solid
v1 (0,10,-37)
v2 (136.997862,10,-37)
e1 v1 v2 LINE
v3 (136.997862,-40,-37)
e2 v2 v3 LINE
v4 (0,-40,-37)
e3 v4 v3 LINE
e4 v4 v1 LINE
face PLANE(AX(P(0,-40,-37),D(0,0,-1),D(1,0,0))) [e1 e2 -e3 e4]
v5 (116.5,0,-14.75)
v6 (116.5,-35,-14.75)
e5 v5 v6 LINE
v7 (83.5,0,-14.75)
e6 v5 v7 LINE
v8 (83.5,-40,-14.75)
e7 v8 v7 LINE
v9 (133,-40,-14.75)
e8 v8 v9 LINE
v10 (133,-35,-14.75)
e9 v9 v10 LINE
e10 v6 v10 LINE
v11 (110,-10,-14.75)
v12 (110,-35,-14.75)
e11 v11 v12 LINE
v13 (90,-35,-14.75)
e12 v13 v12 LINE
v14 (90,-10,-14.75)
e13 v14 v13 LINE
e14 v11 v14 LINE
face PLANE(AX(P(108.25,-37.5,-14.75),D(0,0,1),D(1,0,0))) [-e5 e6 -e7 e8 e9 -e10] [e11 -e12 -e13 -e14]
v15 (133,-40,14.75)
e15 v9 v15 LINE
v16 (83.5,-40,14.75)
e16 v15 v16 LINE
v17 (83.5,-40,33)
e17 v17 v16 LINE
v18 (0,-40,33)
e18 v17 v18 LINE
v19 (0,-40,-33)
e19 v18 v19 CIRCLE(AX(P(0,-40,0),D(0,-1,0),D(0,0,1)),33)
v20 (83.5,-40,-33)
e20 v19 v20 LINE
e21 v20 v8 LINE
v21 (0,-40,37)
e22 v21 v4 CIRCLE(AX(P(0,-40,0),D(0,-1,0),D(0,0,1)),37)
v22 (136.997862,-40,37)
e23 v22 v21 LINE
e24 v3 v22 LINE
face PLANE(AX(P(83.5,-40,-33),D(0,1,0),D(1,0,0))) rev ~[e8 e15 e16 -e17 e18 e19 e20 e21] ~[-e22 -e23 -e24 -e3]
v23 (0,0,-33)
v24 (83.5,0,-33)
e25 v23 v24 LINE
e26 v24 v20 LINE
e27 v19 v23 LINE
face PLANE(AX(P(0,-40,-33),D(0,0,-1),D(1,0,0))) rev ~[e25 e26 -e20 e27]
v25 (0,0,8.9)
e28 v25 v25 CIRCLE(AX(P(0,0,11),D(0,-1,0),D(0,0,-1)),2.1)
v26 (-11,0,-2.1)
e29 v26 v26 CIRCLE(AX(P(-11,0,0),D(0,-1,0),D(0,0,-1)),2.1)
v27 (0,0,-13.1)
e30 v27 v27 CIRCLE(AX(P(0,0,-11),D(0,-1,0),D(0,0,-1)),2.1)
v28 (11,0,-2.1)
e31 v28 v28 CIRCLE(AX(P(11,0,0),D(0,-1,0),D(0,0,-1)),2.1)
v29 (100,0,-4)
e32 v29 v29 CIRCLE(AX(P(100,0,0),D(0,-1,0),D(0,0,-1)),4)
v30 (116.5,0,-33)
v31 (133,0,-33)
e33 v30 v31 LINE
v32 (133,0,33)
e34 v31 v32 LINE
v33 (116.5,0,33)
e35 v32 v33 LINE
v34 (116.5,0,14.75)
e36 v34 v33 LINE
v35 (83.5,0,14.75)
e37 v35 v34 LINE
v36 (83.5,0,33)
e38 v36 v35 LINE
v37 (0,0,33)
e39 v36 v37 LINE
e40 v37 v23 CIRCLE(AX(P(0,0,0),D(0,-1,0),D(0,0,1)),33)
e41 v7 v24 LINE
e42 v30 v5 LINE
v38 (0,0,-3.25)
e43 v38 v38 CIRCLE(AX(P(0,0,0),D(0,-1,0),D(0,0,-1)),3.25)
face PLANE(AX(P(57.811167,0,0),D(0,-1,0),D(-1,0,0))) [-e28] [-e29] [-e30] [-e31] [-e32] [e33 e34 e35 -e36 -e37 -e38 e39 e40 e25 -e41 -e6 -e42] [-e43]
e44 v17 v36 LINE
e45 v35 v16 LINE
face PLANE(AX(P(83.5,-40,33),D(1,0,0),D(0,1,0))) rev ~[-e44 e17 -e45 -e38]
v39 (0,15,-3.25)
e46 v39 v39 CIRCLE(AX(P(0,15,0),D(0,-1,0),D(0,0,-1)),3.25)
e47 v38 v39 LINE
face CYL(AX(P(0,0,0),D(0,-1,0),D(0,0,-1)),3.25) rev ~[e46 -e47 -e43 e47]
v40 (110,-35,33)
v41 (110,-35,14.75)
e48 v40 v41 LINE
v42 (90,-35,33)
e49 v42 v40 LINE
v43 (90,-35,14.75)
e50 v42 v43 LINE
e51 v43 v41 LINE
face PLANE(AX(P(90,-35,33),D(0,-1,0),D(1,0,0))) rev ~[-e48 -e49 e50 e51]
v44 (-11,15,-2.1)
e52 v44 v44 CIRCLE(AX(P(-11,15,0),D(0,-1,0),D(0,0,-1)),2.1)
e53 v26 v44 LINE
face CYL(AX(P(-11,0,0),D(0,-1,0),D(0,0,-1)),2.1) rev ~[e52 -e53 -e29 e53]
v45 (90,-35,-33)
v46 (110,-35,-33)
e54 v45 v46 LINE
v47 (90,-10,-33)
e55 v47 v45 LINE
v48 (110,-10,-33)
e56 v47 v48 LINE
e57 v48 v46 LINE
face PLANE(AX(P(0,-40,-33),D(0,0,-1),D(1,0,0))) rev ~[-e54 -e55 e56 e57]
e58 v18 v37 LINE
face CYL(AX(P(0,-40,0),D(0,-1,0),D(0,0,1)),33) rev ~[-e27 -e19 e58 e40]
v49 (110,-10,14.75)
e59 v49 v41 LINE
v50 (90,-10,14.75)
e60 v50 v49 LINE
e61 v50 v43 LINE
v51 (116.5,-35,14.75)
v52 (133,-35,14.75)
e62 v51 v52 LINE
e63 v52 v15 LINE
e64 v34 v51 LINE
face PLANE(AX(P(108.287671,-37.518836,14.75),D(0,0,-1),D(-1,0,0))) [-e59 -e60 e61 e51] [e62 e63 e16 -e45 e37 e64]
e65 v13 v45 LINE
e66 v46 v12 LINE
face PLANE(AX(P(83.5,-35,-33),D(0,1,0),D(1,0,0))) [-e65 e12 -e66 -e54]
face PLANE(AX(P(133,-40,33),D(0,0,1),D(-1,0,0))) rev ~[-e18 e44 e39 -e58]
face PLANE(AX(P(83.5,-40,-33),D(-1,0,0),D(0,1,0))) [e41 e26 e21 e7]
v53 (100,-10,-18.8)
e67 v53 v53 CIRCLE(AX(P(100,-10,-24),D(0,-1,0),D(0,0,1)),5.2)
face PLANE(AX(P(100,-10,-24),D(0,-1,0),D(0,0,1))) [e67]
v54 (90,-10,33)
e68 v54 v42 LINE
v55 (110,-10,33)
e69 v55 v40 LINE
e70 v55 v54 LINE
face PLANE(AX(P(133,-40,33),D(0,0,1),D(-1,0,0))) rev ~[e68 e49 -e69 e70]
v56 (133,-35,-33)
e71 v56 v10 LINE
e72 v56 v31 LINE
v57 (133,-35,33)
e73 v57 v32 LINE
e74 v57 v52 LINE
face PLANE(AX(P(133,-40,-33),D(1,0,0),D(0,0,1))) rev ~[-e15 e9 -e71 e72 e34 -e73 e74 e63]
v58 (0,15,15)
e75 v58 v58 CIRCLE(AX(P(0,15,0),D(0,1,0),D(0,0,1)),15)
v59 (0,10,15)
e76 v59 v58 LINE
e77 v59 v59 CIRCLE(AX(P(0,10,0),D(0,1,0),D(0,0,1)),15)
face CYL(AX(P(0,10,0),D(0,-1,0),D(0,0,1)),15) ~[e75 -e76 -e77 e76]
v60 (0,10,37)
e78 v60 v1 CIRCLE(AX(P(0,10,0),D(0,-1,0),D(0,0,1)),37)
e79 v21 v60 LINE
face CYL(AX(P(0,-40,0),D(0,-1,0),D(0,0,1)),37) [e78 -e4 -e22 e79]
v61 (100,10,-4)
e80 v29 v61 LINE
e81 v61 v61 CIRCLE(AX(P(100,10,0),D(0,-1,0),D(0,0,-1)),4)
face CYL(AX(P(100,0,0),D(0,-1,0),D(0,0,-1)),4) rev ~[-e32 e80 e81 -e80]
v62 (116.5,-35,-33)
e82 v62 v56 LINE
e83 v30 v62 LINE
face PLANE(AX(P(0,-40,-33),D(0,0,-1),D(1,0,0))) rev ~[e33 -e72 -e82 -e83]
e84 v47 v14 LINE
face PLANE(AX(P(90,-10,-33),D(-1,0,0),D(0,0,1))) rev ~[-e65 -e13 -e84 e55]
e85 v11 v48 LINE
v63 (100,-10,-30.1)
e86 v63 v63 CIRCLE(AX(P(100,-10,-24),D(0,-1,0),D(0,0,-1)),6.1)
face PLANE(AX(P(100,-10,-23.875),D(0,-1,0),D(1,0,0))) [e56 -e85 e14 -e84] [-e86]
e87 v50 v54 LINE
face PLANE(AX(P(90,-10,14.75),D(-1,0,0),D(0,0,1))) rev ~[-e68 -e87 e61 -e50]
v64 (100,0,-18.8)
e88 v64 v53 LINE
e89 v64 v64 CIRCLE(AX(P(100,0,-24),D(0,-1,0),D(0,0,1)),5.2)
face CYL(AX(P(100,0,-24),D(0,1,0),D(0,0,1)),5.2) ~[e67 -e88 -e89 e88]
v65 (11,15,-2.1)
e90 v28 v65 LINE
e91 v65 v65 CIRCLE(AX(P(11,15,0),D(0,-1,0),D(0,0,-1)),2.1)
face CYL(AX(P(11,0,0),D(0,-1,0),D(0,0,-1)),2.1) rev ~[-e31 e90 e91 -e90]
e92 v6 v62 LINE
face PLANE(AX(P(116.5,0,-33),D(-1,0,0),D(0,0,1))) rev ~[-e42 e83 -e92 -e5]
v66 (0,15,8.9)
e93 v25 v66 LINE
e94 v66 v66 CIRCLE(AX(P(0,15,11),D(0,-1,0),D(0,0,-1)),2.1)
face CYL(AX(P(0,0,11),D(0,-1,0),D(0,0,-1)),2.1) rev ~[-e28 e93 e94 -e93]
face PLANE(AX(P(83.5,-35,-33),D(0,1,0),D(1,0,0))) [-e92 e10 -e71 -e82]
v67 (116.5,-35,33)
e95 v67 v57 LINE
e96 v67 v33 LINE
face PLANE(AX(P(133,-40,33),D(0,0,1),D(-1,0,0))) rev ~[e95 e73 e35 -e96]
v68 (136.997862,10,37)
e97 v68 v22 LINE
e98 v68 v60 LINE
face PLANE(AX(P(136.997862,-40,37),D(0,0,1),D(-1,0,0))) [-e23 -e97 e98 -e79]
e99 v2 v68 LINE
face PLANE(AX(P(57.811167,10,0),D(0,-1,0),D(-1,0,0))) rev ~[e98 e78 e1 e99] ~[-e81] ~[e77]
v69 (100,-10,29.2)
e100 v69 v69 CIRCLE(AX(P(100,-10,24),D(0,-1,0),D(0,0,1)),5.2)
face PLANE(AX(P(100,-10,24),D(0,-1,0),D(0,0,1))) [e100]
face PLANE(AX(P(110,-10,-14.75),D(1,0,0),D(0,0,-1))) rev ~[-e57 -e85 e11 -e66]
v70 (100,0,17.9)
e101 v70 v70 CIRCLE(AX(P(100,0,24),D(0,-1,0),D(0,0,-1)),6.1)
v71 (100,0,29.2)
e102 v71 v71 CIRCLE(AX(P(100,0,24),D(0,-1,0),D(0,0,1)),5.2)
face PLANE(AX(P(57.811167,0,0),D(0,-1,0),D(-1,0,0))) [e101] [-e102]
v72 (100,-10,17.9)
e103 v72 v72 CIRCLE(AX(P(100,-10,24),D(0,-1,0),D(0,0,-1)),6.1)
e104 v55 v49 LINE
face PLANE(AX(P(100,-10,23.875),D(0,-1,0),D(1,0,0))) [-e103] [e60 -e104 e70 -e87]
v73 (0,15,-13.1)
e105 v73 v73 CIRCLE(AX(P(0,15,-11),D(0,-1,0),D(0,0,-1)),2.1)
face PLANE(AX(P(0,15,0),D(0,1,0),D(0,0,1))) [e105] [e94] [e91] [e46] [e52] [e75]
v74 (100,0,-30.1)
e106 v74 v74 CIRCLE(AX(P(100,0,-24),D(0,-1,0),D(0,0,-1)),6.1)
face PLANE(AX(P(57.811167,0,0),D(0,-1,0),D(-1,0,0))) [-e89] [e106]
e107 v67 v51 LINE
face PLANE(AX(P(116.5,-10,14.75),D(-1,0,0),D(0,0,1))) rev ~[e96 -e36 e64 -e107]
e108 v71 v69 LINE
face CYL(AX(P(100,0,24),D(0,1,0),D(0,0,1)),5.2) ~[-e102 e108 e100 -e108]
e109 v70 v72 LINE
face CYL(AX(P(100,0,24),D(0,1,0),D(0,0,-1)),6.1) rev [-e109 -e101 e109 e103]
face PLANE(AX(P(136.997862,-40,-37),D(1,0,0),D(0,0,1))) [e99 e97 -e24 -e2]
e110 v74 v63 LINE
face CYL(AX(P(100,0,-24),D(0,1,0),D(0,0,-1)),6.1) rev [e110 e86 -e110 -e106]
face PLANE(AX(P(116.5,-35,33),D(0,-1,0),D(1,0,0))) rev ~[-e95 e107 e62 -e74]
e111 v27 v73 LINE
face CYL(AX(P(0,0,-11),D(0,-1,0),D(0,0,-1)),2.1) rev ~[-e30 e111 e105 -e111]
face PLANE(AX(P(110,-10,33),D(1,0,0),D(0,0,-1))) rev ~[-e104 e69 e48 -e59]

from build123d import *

# Parameters (mm, degrees)
BOSS_EXTRUDE3_DEPTH  = 10
SKETCH4_R            = 15
BOSS_EXTRUDE4_DEPTH  = 5
BOSS_EXTRUDE5_START  = 40
BOSS_EXTRUDE5_DEPTH  = 40
SKETCH8_R            = 6.1
BOSS_EXTRUDE10_DEPTH = 10
BOSS_EXTRUDE12_DEPTH = 25.25
BOSS_EXTRUDE13_DEPTH = 18.25
SKETCH13_W           = 49.5
SKETCH13_H           = 5
BOSS_EXTRUDE14_DEPTH = 18.25
SKETCH5_R            = 2.1
SKETCH5_R_2          = 3.25
SKETCH5_R_3          = 4
CUT_EXTRUDE5_DEPTH   = 18.25
SKETCH14_R           = 5.2
BOSS_EXTRUDE15_DEPTH = 10


with BuildPart() as part:
    # Sketch1 → Boss-Extrude3 (new body)
    with BuildSketch(Plane(origin=(0, 0, 0), x_dir=(1, 0, 0), z_dir=(0, 1, 0))):
        with BuildLine():
            Line((0, 37), (100, 37))
            Line((100, 37), (136.997861734, 37))
            Line((136.997861734, 37), (136.997861734, -37))
            Line((136.997861734, -37), (100, -37))
            Line((100, -37), (0, -37))
            ThreePointArc((0, -37), (-37, 0), (0, 37))
        make_face()
    extrude(amount=BOSS_EXTRUDE3_DEPTH)

    # Sketch4 → Boss-Extrude4 (add)
    with BuildSketch(Plane(origin=(0, 10, 0), x_dir=(1, 0, 0), z_dir=(0, 1, 0))):
        with Locations(Location((0, 0, 0), (0, 0, 270))):
            Circle(SKETCH4_R)
    extrude(amount=BOSS_EXTRUDE4_DEPTH)

    # Sketch7 → Boss-Extrude5 (add)
    with BuildSketch(Plane.XZ.offset(BOSS_EXTRUDE5_START)):
        with BuildLine():
            Line((0, -37), (136.997861734, -37))
            Line((136.997861734, -37), (136.997861734, 37))
            Line((136.997861734, 37), (0, 37))
            ThreePointArc((0, 37), (-37, 0), (0, -37))
        make_face()
        with BuildLine():
            ThreePointArc((0, 33), (-33, 0), (0, -33))
            Line((0, -33), (133, -33))
            Line((133, -33), (133, 33))
            Line((133, 33), (0, 33))
        make_face(mode=Mode.SUBTRACT)
    extrude(amount=-BOSS_EXTRUDE5_DEPTH)

    # Sketch8 → Boss-Extrude10 (add)
    # profile 1 of 2: a face of its own
    with BuildSketch(Plane.XZ):
        Polygon((83.5, 33), (83.5, 24), (83.5, 14.75), (100, 14.75), (116.5, 14.75), (116.5, 33), align=None)
        with Locations(Location((100, 24, 0), (0, 0, 270))):
            Circle(SKETCH8_R, mode=Mode.SUBTRACT)
    # profile 2 of 2: a face of its own
    with BuildSketch(Plane.XZ):
        Polygon((83.5, -14.75), (83.5, -30.5), (83.5, -33), (116.5, -33), (116.5, -30.5), (116.5, -14.75), (100, -14.75), align=None)
        with Locations(Location((100, -24, 0), (0, 0, 270))):
            Circle(SKETCH8_R, mode=Mode.SUBTRACT)
    extrude(amount=BOSS_EXTRUDE10_DEPTH)

    # Sketch12 → Boss-Extrude12 (add)
    with BuildSketch(Plane.XZ.offset(10)):
        Polygon((90, 14.75), (90, 24), (90, 33), (83.5, 33), (83.5, 14.75), align=None)
        Polygon((116.5, 33), (110, 33), (110, 24), (110, 14.75), (116.5, 14.75), align=None)
        Polygon((110, -14.75), (110, -24), (110, -33), (116.5, -33), (116.5, -14.75), align=None)
        Polygon((90, -24), (90, -14.75), (83.5, -14.75), (83.5, -33), (90, -33), align=None)
    extrude(amount=BOSS_EXTRUDE12_DEPTH)

    # Sketch9 → Boss-Extrude13 (add)
    with BuildSketch(Plane(origin=(0, 0, 33), x_dir=(-1, 0, 0), z_dir=(0, 0, -1))):
        Polygon((-133, -35), (-133, -40), (-83.5, -40), (-83.5, -35.25), (-90, -35.25), (-90, -35), (-110, -35), (-110, -35.25), (-116.5, -35.25), (-116.5, -35), align=None)
    extrude(amount=BOSS_EXTRUDE13_DEPTH)

    # Sketch13 → Boss-Extrude14 (add)
    with BuildSketch(Plane.XY.offset(-33)):
        with Locations((108.25, -37.5)):
            Rectangle(SKETCH13_W, SKETCH13_H)
    extrude(amount=BOSS_EXTRUDE14_DEPTH)

    # Sketch5 → Cut-Extrude5 (cut)
    with BuildSketch(Plane.XZ):
        with Locations(Location((-11, 0, 0), (0, 0, 270))):
            Circle(SKETCH5_R)
        with Locations(Location((0, 0, 0), (0, 0, 270))):
            Circle(SKETCH5_R_2)
        with Locations(Location((0, 11, 0), (0, 0, 270))):
            Circle(SKETCH5_R)
        with Locations(Location((11, 0, 0), (0, 0, 270))):
            Circle(SKETCH5_R)
        with Locations(Location((0, -11, 0), (0, 0, 270))):
            Circle(SKETCH5_R)
        with Locations(Location((100, 0, 0), (0, 0, 270))):
            Circle(SKETCH5_R_3)
    extrude(amount=-CUT_EXTRUDE5_DEPTH, mode=Mode.SUBTRACT)

    # Sketch14 → Boss-Extrude15 (add)
    with BuildSketch(Plane.XZ):
        with Locations(Location((100, 24, 0), (0, 0, 90))):
            Circle(SKETCH14_R)
        with Locations(Location((100, -24, 0), (0, 0, 90))):
            Circle(SKETCH14_R)
    extrude(amount=BOSS_EXTRUDE15_DEPTH)


solid = part.part
